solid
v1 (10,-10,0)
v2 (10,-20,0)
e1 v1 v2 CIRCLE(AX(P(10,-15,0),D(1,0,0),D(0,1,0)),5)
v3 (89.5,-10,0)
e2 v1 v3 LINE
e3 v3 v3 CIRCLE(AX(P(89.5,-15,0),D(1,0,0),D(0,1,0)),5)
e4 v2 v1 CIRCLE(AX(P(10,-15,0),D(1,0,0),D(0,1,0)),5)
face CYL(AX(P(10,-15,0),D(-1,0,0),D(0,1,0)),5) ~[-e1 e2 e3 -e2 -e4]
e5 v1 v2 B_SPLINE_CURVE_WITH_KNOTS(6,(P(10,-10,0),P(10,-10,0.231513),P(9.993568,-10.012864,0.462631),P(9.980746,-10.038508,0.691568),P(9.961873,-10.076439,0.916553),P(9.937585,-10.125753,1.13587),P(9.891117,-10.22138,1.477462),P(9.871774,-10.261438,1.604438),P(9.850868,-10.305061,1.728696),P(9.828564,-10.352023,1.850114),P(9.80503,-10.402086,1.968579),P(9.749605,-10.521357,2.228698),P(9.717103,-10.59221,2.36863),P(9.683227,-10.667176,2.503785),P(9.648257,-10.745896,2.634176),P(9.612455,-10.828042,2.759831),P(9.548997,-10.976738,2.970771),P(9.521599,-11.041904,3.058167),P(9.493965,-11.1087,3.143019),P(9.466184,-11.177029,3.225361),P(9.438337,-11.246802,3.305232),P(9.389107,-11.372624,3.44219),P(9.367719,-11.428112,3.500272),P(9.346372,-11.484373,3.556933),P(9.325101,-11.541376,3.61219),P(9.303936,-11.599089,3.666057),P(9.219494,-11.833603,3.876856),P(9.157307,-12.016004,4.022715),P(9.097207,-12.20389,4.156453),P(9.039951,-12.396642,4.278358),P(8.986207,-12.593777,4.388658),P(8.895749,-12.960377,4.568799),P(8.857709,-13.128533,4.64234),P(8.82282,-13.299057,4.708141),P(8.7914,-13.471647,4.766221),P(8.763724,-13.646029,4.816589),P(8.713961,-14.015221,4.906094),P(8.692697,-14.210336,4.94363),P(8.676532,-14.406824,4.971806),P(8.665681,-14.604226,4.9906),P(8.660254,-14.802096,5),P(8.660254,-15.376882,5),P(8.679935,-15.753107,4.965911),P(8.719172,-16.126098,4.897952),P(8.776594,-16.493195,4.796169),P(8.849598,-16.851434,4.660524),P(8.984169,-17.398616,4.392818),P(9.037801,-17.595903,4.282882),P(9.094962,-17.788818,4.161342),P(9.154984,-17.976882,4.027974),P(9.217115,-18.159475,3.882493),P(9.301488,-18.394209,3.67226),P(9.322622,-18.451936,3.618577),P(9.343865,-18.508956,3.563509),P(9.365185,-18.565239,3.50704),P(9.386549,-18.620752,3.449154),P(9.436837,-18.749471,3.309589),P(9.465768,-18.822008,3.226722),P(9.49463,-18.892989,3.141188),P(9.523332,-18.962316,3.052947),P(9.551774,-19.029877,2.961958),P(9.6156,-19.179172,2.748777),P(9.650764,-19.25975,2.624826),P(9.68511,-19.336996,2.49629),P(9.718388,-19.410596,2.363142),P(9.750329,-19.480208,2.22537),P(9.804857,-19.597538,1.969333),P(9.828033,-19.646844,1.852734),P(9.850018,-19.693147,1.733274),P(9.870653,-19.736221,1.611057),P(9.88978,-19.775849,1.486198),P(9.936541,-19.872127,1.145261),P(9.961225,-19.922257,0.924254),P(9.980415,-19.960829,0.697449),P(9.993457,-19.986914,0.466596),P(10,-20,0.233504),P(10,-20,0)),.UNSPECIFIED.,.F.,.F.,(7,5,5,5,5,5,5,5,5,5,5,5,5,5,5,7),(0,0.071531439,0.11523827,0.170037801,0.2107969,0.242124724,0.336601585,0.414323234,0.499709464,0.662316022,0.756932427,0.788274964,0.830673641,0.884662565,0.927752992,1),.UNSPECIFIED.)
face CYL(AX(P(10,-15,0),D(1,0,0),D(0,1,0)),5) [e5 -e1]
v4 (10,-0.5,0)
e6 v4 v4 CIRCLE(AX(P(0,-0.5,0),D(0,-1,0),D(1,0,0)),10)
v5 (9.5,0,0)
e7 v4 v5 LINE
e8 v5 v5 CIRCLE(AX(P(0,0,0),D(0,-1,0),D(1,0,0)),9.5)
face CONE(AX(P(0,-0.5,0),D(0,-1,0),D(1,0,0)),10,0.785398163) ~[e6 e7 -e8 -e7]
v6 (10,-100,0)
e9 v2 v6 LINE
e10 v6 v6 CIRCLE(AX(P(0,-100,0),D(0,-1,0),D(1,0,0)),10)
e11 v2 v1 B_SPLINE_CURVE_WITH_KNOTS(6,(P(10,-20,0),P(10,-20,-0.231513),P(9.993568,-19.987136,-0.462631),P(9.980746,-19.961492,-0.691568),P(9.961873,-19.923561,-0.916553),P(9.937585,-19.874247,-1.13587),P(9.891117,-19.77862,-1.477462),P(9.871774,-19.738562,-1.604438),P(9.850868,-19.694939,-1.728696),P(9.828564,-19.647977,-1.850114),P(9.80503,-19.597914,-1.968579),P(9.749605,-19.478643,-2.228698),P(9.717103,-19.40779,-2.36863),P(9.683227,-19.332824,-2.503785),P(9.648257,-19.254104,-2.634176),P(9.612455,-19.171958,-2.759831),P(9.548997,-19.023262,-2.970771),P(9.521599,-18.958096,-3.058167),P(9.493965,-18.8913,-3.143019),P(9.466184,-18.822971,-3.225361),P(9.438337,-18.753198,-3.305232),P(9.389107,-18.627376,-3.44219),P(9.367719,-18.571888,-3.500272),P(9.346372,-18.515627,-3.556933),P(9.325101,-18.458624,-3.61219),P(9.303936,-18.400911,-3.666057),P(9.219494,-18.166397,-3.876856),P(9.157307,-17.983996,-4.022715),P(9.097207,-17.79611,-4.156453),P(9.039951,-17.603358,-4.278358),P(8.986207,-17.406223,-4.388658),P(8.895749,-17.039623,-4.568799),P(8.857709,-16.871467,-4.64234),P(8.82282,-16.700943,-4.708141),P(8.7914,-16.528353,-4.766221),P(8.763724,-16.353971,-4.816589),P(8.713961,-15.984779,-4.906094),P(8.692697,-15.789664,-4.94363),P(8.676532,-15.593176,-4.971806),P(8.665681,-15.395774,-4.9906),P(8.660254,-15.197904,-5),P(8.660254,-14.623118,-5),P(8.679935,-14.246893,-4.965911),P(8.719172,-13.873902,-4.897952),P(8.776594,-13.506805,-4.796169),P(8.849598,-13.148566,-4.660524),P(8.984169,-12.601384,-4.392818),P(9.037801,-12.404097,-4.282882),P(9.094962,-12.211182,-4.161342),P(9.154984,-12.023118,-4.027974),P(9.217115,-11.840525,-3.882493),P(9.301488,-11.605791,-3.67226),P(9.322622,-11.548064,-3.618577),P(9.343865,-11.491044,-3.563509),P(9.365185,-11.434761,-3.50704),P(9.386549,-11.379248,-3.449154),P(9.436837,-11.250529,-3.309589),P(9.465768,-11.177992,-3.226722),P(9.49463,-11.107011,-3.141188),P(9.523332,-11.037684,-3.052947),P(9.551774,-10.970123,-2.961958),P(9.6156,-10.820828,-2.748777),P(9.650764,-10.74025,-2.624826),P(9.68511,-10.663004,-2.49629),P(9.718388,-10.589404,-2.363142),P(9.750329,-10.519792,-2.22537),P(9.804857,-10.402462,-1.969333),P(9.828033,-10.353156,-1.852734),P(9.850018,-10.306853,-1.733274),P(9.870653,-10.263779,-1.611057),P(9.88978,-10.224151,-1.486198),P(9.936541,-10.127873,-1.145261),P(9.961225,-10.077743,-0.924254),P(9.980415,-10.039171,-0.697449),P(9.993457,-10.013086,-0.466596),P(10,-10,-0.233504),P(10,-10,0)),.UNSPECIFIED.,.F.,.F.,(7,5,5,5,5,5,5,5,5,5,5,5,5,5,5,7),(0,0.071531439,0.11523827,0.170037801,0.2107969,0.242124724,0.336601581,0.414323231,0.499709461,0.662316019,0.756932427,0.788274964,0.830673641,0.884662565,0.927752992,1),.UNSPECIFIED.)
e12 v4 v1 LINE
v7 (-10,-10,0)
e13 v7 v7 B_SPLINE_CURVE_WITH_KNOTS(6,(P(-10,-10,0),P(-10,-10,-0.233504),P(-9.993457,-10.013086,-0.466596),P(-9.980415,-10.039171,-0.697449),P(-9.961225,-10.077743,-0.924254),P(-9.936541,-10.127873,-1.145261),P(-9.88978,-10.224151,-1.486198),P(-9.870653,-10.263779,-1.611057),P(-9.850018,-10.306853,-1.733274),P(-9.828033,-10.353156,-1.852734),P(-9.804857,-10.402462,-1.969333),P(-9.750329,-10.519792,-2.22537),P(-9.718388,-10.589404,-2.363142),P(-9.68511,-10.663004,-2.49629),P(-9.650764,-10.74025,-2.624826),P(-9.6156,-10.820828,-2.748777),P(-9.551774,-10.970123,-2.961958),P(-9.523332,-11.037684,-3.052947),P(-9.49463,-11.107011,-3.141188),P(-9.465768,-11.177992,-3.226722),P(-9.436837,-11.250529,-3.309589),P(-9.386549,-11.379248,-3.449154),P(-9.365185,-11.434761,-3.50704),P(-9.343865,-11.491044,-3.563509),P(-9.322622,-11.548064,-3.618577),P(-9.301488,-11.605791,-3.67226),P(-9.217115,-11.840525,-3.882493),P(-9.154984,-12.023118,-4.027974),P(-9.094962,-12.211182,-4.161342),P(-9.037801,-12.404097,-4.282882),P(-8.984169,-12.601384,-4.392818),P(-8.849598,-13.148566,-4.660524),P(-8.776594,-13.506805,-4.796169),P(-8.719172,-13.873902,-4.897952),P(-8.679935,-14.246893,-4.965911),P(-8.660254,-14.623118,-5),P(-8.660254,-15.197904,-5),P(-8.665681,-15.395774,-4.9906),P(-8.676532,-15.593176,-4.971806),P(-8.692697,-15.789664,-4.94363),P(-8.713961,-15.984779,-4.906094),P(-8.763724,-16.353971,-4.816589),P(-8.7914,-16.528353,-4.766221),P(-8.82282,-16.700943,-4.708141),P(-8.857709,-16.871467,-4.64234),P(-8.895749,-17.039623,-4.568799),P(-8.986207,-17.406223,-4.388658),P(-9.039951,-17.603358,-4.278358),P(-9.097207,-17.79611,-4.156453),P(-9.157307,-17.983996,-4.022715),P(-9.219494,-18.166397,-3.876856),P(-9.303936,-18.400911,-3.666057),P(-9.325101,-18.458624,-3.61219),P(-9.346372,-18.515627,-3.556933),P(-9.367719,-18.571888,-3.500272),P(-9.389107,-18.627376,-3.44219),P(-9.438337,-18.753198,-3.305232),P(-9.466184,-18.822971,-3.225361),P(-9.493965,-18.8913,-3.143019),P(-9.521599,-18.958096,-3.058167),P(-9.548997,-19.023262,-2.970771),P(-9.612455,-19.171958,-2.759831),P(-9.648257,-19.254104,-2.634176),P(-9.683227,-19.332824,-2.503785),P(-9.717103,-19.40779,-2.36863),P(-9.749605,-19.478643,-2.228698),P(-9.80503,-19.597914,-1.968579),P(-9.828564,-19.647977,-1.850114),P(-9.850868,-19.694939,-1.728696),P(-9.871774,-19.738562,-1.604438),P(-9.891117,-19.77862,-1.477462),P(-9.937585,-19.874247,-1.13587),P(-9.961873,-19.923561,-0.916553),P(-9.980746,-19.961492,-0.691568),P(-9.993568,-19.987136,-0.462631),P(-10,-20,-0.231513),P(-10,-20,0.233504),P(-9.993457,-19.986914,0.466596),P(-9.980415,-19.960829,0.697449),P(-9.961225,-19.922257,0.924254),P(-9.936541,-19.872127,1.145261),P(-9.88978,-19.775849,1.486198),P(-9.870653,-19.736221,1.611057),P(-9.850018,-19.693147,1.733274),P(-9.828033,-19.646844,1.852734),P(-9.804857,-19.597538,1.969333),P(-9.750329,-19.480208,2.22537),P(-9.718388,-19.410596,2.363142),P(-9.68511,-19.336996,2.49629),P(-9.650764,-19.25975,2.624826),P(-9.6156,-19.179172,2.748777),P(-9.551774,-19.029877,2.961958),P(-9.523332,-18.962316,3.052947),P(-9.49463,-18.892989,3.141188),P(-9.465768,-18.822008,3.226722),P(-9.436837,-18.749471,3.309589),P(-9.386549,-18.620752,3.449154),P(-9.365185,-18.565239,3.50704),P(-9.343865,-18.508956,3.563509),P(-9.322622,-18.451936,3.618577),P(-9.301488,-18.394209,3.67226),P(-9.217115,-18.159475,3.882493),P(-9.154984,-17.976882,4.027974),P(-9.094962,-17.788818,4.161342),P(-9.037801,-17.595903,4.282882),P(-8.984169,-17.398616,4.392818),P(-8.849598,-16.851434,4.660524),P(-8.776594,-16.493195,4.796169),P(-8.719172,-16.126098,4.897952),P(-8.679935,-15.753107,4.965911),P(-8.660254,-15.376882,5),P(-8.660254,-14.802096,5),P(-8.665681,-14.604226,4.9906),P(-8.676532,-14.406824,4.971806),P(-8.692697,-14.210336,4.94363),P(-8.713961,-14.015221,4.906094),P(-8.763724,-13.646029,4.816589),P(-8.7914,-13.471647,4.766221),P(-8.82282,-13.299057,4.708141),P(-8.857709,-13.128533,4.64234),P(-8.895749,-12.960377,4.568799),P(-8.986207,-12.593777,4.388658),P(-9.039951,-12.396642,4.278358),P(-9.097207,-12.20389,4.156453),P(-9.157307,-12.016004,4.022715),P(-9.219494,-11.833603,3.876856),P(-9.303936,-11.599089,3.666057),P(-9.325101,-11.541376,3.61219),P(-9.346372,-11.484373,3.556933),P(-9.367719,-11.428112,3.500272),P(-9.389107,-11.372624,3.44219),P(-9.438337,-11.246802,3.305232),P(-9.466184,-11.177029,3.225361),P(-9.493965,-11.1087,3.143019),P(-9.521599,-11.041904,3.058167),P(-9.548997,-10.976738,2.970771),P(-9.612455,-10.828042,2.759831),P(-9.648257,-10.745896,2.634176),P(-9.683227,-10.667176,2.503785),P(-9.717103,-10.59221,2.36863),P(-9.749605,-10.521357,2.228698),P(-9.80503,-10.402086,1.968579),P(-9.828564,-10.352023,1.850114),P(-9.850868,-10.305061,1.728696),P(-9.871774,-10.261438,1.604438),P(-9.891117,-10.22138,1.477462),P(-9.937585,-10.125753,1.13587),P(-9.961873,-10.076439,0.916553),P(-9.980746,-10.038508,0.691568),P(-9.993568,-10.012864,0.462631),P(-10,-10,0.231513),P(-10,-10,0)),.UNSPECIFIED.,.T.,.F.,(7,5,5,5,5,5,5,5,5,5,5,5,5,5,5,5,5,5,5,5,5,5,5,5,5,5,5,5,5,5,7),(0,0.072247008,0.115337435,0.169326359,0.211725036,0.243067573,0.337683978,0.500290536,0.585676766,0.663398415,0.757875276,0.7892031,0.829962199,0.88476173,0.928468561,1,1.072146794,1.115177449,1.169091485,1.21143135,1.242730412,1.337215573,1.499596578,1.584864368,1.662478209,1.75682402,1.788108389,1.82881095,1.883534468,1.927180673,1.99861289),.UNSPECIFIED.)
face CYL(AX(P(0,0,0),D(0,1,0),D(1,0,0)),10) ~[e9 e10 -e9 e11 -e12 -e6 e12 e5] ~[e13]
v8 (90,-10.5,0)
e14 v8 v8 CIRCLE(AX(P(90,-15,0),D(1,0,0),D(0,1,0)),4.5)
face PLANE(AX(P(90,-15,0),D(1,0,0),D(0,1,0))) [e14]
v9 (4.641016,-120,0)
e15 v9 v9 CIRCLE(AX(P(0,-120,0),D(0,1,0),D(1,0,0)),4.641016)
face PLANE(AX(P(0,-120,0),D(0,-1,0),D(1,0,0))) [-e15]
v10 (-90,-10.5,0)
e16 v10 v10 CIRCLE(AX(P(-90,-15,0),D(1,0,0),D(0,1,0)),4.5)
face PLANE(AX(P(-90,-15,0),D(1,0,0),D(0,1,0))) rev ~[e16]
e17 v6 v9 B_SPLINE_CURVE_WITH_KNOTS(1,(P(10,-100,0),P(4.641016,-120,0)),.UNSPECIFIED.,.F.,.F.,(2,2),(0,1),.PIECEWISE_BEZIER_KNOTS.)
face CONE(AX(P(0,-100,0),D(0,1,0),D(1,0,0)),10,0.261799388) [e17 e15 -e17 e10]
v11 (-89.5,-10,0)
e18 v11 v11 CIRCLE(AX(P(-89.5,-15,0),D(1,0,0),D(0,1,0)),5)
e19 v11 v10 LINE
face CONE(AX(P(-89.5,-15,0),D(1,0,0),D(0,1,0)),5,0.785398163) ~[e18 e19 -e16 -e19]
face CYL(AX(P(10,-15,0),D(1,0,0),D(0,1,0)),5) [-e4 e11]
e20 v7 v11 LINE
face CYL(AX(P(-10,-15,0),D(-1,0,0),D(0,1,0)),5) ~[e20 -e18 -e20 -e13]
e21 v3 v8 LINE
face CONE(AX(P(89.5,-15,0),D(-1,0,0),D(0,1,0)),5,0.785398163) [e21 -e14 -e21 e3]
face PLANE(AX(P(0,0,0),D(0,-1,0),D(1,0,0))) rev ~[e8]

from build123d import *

# Parameters (mm, degrees)
F0_R          = 10
F1_DEPTH      = 100
F2_R          = 10
F3_DEPTH      = 20
F3_TAPER      = 15
F5_R          = 5
F6_DEPTH      = 80
F6_DEPTH_BACK = 3
F8_R          = 5
F9_DEPTH      = 80
F9_DEPTH_BACK = 3
F10_SIZE      = 0.5


with BuildPart() as f1:
    # F0 (on Front) → F1 (new body)
    with BuildSketch(Plane.XZ):
        Circle(F0_R)
    extrude(amount=F1_DEPTH)

    # F2 (on face) → F3 (join)
    with BuildSketch(Plane.XZ.offset(100)):
        Circle(F2_R)
    extrude(amount=F3_DEPTH, taper=F3_TAPER)

    # F5 (on offset) → F6 (join, two sides)
    with BuildSketch(Plane.YZ.offset(10)) as f6_sk:
        with Locations((-15, 0)):
            Circle(F5_R)
    extrude(amount=F6_DEPTH)
    extrude(f6_sk.sketch, amount=-F6_DEPTH_BACK)

    # F8 (on offset) → F9 (join, two sides)
    with BuildSketch(Plane.YZ.offset(-10)) as f9_sk:
        with Locations((-15, 0)):
            Circle(F8_R)
    extrude(amount=-F9_DEPTH)
    extrude(f9_sk.sketch, amount=F9_DEPTH_BACK)

    # F10
    f10_edges = [f1.edges().sort_by_distance(p)[0] for p in [
        (-90, -20, 0),
        (-10, 0, 0),
        (90, -20, 0),
    ]]
    chamfer(f10_edges, length=F10_SIZE)


solid = f1.part
